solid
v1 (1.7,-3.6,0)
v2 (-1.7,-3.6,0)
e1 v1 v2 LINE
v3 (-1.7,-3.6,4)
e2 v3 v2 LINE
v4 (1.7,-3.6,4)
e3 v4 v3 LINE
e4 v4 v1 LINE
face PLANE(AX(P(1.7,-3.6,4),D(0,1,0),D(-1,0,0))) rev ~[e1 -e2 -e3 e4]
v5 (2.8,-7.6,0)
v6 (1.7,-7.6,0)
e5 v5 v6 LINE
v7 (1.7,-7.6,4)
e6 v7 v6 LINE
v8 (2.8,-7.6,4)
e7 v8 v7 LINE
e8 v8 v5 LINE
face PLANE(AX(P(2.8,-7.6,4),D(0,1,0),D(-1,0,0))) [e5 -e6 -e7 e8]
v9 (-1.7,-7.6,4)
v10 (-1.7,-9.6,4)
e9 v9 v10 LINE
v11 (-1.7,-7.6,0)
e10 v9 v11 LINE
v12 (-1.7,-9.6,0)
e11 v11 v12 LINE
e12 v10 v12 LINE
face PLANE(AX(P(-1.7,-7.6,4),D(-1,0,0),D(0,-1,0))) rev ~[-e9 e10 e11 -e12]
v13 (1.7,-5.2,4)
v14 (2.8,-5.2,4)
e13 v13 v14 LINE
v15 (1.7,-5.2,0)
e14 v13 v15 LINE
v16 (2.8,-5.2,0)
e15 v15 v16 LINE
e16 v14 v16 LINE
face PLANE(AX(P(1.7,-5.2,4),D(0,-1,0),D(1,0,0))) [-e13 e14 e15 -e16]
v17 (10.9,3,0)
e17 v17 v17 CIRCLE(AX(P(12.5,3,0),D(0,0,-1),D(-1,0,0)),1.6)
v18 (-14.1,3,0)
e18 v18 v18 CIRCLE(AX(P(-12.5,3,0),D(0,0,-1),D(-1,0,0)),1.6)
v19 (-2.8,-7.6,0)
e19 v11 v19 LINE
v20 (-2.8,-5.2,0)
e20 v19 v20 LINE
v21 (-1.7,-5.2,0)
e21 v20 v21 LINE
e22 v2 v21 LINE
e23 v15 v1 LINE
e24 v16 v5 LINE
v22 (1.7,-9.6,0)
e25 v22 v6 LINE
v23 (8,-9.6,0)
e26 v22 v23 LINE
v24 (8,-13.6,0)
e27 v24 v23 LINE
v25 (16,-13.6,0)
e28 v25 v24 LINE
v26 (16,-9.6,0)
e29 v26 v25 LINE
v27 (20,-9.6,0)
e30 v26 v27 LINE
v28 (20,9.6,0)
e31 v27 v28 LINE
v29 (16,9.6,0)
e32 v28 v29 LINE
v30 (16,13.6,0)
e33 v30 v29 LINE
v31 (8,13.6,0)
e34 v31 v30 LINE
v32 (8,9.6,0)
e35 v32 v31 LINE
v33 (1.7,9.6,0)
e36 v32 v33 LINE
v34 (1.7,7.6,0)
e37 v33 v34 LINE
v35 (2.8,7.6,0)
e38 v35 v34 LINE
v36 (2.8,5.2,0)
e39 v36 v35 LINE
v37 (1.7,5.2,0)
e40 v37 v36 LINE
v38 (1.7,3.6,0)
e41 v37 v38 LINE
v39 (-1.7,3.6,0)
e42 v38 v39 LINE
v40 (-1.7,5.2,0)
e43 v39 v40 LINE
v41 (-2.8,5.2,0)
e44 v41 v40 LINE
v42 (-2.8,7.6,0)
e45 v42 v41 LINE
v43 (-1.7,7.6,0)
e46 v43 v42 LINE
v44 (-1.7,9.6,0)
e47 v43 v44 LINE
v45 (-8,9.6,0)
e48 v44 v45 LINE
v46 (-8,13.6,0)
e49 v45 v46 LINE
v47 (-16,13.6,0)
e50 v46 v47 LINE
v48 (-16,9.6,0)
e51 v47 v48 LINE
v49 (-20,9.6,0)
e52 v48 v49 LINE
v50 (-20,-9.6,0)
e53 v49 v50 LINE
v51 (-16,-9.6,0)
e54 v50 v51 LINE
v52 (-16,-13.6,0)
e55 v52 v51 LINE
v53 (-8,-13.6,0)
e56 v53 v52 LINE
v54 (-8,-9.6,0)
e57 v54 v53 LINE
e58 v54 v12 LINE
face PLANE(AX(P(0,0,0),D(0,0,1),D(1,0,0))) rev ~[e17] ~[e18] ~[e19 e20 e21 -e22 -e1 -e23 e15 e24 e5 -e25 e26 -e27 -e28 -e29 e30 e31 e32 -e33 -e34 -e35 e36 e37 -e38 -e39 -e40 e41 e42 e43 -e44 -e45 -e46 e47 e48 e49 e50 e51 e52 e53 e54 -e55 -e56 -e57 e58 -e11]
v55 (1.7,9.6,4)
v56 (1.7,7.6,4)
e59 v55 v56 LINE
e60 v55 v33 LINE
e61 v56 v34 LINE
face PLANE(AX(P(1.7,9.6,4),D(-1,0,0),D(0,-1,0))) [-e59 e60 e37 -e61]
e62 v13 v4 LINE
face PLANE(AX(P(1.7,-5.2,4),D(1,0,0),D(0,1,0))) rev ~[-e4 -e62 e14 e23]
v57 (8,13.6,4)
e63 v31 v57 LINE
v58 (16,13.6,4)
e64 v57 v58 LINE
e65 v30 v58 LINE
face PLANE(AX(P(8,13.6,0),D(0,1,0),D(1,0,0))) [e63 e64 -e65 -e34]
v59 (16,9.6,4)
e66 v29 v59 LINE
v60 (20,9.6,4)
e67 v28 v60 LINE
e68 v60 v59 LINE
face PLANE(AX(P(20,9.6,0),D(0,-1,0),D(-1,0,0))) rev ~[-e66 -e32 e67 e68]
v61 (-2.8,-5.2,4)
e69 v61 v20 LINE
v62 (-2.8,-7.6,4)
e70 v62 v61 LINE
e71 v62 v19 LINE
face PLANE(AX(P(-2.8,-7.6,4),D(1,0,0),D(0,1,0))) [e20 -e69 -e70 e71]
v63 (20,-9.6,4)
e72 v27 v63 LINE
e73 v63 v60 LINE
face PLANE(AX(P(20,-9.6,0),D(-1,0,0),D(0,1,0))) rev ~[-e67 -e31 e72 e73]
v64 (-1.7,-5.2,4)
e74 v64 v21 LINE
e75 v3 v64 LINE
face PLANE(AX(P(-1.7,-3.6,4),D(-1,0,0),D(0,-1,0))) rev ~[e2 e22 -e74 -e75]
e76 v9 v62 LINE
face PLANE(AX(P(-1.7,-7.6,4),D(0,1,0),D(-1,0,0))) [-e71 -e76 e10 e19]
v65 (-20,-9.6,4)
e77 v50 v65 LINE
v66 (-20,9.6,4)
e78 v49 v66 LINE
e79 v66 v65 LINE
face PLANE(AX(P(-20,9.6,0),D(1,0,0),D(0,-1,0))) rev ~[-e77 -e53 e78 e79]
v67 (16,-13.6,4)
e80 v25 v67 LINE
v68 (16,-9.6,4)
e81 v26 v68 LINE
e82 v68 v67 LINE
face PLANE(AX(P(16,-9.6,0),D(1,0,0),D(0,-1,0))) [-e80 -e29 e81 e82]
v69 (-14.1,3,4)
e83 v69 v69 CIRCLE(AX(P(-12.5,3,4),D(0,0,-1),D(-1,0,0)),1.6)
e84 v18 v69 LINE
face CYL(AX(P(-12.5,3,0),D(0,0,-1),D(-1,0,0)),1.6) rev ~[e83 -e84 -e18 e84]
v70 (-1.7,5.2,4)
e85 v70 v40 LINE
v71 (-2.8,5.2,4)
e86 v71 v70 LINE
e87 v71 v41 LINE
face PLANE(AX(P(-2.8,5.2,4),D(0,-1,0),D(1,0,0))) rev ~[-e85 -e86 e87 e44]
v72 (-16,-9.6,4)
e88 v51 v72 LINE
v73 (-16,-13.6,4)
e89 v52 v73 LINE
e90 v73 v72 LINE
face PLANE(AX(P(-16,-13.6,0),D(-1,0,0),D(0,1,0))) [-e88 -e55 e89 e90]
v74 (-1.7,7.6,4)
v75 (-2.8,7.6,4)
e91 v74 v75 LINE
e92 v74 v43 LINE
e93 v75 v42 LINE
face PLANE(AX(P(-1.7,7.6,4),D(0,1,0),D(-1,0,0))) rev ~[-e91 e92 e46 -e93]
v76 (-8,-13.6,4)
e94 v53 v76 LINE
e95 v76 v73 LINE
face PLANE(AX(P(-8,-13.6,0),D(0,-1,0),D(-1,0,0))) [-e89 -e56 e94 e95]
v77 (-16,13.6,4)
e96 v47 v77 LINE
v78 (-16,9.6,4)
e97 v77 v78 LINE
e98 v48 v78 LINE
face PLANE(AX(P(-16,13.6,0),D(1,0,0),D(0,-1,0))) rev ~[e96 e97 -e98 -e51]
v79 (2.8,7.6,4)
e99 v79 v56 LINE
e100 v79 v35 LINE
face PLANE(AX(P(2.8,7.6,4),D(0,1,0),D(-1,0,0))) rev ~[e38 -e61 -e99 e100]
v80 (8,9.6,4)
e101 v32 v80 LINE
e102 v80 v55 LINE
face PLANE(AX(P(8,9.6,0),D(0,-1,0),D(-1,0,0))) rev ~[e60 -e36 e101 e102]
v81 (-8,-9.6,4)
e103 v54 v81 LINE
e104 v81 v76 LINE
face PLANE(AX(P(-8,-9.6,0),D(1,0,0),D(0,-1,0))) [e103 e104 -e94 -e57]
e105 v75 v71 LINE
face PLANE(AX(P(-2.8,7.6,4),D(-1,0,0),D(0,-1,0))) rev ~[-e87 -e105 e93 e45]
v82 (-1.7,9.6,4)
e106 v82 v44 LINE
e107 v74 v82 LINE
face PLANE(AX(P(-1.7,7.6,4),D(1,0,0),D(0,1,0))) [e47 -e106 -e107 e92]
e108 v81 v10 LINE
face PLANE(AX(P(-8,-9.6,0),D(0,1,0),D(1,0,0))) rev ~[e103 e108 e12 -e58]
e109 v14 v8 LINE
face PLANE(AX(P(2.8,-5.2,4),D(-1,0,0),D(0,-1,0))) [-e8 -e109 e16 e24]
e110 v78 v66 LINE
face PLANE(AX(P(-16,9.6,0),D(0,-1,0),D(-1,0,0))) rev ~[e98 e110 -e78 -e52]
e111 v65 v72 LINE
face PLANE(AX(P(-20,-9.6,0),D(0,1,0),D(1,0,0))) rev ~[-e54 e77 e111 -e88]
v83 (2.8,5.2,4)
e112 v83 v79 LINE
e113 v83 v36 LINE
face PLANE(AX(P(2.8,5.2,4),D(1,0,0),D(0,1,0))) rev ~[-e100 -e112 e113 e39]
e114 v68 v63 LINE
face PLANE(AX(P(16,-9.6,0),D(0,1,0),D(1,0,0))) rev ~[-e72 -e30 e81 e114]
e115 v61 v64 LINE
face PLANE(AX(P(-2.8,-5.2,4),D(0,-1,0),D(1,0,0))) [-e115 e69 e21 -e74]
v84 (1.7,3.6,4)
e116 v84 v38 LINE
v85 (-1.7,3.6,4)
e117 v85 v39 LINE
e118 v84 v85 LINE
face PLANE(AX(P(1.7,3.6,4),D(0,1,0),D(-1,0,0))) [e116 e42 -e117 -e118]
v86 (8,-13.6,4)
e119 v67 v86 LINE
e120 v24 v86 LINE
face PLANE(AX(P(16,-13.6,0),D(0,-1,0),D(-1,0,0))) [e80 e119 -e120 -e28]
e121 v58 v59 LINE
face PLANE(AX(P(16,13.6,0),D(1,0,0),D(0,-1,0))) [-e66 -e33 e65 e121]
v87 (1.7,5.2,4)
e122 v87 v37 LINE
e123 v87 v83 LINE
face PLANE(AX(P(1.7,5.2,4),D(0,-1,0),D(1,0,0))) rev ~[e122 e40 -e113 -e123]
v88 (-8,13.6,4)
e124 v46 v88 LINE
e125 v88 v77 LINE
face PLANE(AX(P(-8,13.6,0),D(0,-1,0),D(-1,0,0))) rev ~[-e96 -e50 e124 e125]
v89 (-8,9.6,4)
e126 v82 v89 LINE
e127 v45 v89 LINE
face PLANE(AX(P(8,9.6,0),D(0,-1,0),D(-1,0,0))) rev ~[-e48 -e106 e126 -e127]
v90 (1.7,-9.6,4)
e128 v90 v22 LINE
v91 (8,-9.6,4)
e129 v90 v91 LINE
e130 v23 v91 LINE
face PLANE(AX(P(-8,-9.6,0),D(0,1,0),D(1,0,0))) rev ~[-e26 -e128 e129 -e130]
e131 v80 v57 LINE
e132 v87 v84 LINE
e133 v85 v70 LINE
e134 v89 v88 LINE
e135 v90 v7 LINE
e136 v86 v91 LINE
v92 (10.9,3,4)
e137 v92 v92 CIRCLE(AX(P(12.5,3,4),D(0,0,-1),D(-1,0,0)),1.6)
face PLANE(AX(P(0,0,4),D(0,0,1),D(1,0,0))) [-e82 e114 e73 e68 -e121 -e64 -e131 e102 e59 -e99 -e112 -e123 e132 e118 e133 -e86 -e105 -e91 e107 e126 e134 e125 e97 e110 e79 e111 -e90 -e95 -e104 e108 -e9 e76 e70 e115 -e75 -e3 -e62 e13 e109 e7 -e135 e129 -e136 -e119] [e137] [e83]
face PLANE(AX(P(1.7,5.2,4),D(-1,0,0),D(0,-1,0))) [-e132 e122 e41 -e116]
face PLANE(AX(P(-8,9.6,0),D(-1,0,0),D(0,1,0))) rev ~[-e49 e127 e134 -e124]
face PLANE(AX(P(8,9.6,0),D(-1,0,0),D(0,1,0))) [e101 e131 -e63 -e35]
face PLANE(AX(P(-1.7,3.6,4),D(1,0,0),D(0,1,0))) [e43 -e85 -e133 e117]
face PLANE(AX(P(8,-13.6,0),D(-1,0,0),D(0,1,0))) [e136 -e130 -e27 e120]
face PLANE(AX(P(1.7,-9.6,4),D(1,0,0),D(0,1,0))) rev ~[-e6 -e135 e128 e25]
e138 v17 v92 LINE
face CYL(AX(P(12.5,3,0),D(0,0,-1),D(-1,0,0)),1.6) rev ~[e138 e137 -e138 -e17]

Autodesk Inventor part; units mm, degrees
ref_plane "YZ Plane" through (0, 0, 0) normal (1, 0, 0) x (0, 1, 0)
ref_plane "XZ Plane" through (0, 0, 0) normal (0, 1, 0) x (-1, 0, 0)
ref_plane "XY Plane" through (0, 0, 0) normal (0, 0, 1) x (1, 0, 0)
sketch "Эскиз1" plane through (0, 0, 0) normal (0, 0, 1) x (1, 0, 0)
  line L0 (20, 9.6) -> (-20, 9.6)
  line L1 (-20, 9.6) -> (-20, -9.6)
  line L2 (-20, -9.6) -> (20, -9.6)
  line L3 (20, -9.6) -> (20, 9.6)
  line L4 (20, 9.6) -> (-20, -9.6) construction
  line L5 (-20, 9.6) -> (20, -9.6) construction
  line L6 (-16, 9.6) -> (-8, 9.6)
  line L7 (-8, 9.6) -> (-8, 13.6)
  line L8 (-8, 13.6) -> (-16, 13.6)
  line L9 (-16, 13.6) -> (-16, 9.6)
  line L10 (16, 9.6) -> (8, 9.6)
  line L11 (8, 9.6) -> (8, 13.6)
  line L12 (8, 13.6) -> (16, 13.6)
  line L13 (16, 13.6) -> (16, 9.6)
  line L14 (-16, -9.6) -> (-8, -9.6)
  line L15 (-8, -9.6) -> (-8, -13.6)
  line L16 (-8, -13.6) -> (-16, -13.6)
  line L17 (-16, -13.6) -> (-16, -9.6)
  line L18 (8, -9.6) -> (16, -9.6)
  line L19 (16, -9.6) -> (16, -13.6)
  line L20 (16, -13.6) -> (8, -13.6)
  line L21 (8, -13.6) -> (8, -9.6)
  point P0 (0, 0)
  point P1 (-16, 11.6)
  point P2 (16, -9.6)
  point P3 (8, 9.6)
  point P4 (-8, 9.6)
  dimension "d0" = 40
  dimension "d1" = 19.2
  dimension "d2" = 8
  dimension "d3" = 4
  dimension "d4" = 8
  dimension "d5" = 4
  dimension "d6" = 4
  dimension "d7" = 4
  dimension "d8" = 8
  dimension "d9" = 4
extrude "Выдавливание1" add sketch "Эскиз1" along normal blind 4
sketch "Эскиз2" plane through (0, 0, 4) normal (0, 0, 1) x (1, 0, 0)
  line L0 (8, 9.6) -> (-8, 9.6) projected
  line L1 (-1.7, 9.6) -> (1.7, 9.6)
  line L2 (1.7, 9.6) -> (1.7, 3.6)
  line L3 (1.7, 3.6) -> (-1.7, 3.6)
  line L4 (-1.7, 3.6) -> (-1.7, 9.6)
  line L5 (0, 9.6) -> (0, 3.6) construction
  line L6 (-2.8, 5.2) -> (2.8, 5.2)
  line L7 (2.8, 5.2) -> (2.8, 7.6)
  line L8 (2.8, 7.6) -> (-2.8, 7.6)
  line L9 (-2.8, 7.6) -> (-2.8, 5.2)
  line L10 (-2.8, 5.2) -> (2.8, 7.6) construction
  line L11 (2.8, 5.2) -> (-2.8, 7.6) construction
  line L12 (-20, 9.6) -> (-20, -9.6) projected
  line L13 (-20, 0) -> (20, 0) construction
  line L14 (20, -9.6) -> (20, 9.6) projected
  line L15 (8, -9.6) -> (-8, -9.6)
  line L16 (-1.7, -9.6) -> (1.7, -9.6)
  line L17 (1.7, -9.6) -> (1.7, -3.6)
  line L18 (1.7, -3.6) -> (-1.7, -3.6)
  line L19 (-1.7, -3.6) -> (-1.7, -9.6)
  line L20 (0, -9.6) -> (0, -3.6) construction
  line L21 (-2.8, -5.2) -> (2.8, -5.2)
  line L22 (2.8, -5.2) -> (2.8, -7.6)
  line L23 (2.8, -7.6) -> (-2.8, -7.6)
  line L24 (-2.8, -7.6) -> (-2.8, -5.2)
  line L25 (-2.8, -5.2) -> (2.8, -7.6) construction
  line L26 (2.8, -5.2) -> (-2.8, -7.6) construction
  point P0 (0, 0)
  point P1 (0, 6.4)
  point P2 (0, -6.4)
  point P3 (1.7, 5.2)
  point P4 (1.7, 7.6)
  point P5 (1.7, 9.6)
  point P6 (-1.7, 7.6)
  point P7 (-1.7, 5.2)
  point P8 (-1.7, -7.6)
  point P9 (1.7, -7.6)
  point P10 (1.7, -5.2)
  point P11 (-1.7, -5.2)
  dimension "d12" = 3.4
  dimension "d13" = 6
  dimension "d14" = 5.6
  dimension "d15" = 2.4
  dimension "d16" = 2
extrude "Выдавливание2" cut sketch "Эскиз2" against normal blind 10
sketch "Эскиз3" plane through (0, 0, 0) normal (0, 0, -1) x (-1, 0, 0)
  circle A0 centre (12.5, 3) radius 1.6 projected
  circle A1 centre (-12.5, 3) radius 1.6 projected
  point P0 (0, 0)
extrude "Выдавливание3" cut sketch "Эскиз3" against normal blind 10
properties part number "стена_каретки"
